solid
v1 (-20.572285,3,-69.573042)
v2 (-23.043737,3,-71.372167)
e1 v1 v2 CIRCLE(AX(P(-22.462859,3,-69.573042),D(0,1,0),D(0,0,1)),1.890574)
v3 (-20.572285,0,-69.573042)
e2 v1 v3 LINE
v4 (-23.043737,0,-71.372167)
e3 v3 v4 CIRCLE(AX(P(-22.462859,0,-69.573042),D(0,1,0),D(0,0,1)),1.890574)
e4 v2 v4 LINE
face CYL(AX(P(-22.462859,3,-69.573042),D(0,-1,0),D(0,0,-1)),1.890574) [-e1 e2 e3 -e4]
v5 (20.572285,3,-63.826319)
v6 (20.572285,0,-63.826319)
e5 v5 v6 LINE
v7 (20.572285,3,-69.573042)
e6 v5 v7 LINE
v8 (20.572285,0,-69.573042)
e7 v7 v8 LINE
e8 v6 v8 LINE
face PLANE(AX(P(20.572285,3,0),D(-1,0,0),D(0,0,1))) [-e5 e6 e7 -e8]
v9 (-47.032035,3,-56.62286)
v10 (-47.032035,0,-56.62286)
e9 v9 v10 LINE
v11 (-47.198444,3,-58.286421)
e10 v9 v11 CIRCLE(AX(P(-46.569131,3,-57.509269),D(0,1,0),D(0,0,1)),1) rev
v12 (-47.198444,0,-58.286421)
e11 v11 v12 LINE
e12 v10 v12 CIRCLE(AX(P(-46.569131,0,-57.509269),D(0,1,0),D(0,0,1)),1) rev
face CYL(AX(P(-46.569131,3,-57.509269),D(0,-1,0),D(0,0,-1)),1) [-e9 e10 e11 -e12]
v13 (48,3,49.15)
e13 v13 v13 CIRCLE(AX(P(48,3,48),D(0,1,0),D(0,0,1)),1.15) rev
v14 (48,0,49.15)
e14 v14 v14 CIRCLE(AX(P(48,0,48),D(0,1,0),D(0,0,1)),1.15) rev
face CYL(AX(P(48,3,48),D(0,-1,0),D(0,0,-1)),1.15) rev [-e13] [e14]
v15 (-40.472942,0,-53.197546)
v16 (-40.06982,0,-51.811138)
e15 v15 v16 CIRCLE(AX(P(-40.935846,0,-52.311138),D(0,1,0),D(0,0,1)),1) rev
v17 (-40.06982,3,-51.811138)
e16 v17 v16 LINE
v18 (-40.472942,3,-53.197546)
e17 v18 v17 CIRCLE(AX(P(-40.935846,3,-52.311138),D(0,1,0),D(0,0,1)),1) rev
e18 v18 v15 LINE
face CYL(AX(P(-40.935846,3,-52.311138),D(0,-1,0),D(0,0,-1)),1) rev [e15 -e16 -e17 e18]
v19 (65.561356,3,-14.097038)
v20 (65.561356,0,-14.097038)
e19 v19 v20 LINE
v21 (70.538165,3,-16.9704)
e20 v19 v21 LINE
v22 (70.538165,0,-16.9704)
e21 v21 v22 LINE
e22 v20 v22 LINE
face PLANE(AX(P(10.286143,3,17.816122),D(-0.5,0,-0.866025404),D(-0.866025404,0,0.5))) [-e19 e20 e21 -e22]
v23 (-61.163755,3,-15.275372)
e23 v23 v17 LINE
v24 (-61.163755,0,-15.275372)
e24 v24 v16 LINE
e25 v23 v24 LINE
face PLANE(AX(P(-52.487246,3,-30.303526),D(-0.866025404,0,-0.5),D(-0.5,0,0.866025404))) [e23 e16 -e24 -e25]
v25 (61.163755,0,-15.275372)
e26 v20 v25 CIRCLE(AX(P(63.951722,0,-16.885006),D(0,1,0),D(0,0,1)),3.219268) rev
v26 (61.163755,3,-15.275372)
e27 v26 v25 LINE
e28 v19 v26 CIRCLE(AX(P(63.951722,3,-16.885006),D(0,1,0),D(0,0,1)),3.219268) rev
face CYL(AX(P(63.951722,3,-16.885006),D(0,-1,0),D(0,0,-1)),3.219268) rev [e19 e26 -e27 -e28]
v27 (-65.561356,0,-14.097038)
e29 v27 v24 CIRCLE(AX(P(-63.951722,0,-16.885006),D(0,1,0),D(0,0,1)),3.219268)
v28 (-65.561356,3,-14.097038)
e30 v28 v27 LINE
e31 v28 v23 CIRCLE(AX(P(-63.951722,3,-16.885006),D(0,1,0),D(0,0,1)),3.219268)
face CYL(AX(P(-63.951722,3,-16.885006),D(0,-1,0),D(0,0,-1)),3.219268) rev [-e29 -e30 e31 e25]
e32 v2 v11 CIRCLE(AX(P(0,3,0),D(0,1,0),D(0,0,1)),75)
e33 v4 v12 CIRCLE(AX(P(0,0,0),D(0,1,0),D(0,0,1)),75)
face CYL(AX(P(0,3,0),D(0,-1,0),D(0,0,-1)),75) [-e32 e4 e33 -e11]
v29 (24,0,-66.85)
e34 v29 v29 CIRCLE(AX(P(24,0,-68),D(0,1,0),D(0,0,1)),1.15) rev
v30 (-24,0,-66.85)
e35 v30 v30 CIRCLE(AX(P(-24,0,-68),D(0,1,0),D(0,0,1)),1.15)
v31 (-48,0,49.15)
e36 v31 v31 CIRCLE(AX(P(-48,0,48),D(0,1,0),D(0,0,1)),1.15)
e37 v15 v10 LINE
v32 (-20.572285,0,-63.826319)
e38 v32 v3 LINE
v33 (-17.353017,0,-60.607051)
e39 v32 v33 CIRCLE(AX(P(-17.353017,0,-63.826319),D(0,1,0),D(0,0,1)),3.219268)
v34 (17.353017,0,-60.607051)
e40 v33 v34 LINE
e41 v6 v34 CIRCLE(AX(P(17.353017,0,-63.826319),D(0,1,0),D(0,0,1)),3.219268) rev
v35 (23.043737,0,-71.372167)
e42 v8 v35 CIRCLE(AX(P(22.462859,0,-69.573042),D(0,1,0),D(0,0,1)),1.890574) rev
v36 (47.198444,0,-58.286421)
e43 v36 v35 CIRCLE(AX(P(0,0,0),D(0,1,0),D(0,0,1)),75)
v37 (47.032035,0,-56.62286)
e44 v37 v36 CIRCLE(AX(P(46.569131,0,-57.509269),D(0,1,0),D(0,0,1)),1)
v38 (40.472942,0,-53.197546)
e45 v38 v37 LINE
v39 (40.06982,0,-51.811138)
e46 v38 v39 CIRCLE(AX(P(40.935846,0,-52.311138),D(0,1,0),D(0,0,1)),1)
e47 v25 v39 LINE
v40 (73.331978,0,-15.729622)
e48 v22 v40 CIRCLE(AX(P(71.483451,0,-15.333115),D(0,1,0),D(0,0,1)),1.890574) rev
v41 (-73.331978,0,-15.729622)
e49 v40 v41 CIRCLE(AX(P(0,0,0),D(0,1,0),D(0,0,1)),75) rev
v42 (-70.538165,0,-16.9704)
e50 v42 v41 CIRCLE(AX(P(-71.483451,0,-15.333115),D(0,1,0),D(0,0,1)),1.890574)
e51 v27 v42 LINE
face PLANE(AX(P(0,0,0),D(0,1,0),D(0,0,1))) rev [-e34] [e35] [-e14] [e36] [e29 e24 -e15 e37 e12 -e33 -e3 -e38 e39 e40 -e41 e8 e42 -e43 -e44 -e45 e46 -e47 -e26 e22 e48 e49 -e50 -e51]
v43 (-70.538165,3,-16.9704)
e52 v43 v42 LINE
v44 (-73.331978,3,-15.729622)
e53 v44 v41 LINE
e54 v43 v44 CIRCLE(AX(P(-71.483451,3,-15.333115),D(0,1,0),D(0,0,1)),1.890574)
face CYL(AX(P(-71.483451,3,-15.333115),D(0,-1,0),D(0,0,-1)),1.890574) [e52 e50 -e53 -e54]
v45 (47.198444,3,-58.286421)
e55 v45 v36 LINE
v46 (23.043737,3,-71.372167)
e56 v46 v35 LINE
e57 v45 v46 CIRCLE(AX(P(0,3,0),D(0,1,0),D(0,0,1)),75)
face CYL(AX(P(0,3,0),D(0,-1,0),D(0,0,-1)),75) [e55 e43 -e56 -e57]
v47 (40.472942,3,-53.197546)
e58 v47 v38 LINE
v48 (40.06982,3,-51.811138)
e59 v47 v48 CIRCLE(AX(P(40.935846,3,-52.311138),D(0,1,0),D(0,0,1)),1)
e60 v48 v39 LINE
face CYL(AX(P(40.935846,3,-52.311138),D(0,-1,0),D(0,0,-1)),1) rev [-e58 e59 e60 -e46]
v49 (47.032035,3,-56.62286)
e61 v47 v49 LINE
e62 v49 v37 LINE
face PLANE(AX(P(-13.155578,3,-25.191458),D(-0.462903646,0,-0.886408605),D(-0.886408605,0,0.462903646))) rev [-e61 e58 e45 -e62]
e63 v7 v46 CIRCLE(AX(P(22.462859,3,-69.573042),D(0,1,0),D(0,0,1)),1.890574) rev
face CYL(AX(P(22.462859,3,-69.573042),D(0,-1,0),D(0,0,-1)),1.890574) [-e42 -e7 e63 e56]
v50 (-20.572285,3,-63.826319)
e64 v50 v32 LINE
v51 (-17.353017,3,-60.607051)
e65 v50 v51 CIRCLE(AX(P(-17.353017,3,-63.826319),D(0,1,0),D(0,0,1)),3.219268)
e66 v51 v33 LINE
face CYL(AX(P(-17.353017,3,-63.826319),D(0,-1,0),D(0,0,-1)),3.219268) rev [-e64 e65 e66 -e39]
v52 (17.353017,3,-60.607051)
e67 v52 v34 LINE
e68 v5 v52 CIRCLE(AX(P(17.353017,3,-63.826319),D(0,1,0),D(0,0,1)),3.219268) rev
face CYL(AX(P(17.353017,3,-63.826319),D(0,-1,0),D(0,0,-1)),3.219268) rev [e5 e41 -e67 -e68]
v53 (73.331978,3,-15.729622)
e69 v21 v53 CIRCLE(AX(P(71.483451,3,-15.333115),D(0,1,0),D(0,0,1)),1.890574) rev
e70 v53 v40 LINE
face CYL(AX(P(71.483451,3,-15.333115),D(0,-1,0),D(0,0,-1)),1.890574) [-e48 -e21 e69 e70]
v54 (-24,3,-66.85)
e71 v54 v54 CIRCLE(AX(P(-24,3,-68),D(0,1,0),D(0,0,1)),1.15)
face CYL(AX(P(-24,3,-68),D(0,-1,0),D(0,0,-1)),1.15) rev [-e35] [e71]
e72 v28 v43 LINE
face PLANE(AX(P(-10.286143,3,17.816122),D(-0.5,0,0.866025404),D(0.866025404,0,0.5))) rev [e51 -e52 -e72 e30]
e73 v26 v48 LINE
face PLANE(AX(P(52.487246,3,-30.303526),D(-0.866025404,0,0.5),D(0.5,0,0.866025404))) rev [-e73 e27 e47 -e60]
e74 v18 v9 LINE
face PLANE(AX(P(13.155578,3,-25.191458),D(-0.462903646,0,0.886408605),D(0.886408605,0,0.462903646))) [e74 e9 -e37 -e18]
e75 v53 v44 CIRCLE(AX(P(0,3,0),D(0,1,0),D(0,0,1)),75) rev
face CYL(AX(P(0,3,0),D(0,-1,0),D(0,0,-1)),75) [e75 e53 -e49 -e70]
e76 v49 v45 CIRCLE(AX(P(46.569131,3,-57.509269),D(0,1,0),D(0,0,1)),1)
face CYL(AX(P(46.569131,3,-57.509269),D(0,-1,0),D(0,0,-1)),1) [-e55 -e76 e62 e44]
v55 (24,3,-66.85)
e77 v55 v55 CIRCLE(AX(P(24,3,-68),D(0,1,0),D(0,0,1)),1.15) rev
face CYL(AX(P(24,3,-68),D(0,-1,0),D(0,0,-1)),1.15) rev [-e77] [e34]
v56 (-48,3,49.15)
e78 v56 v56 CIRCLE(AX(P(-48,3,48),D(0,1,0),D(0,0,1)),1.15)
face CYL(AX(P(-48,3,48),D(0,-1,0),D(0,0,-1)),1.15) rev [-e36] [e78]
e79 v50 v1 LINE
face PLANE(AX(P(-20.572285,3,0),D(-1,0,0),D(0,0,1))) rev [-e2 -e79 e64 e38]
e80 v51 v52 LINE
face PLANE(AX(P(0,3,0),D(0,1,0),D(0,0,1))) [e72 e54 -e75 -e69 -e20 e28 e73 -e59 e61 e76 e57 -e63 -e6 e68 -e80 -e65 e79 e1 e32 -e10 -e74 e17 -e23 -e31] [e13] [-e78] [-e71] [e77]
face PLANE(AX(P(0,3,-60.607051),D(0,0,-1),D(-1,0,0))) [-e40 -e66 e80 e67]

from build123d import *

# Parameters (mm, degrees)
SKETCH1_R           = 1.15
BOSS_EXTRUDE2_DEPTH = 3


with BuildPart() as part:
    # Sketch1 → Boss-Extrude2 (new body)
    with BuildSketch(Plane(origin=(0, 0, 0), x_dir=(1, 0, 0), z_dir=(0, 1, 0))):
        with BuildLine():
            Line((17.353017405, 60.60705136), (-17.353017405, 60.60705136))
            ThreePointArc((-17.353017405, 60.60705136), (-19.629383429, 61.54995304), (-20.572285109, 63.826319064))
            Line((-20.572285109, 63.826319064), (-20.572285109, 69.573042322))
            ThreePointArc((-20.572285109, 69.573042322), (-21.350187318, 71.101515686), (-23.043737047, 71.372166724))
            ThreePointArc((-23.043737047, 71.372166724), (-25.323501925, 70.595469049), (-27.577152814, 69.745972233))
            ThreePointArc((-27.577152814, 69.745972233), (-37.5, 64.951905284), (-46.613207358, 58.755501017))
            ThreePointArc((-46.613207358, 58.755501017), (-46.906411899, 58.521692754), (-47.198443695, 58.286421342))
            ThreePointArc((-47.198443695, 58.286421342), (-47.564165172, 57.409734041), (-47.032034758, 56.622860452))
            Line((-47.032034758, 56.622860452), (-40.472942236, 53.197546407))
            ThreePointArc((-40.472942236, 53.197546407), (-39.975613978, 52.590341474), (-40.069820478, 51.811137802))
            Line((-40.069820478, 51.811137802), (-61.163754829, 15.275371775))
            ThreePointArc((-61.163754829, 15.275371775), (-63.118514649, 13.77543181), (-65.561356294, 14.097038013))
            Line((-65.561356294, 14.097038013), (-70.538164624, 16.970399642))
            ThreePointArc((-70.538164624, 16.970399642), (-72.250812491, 17.06095325), (-73.33197803, 15.729621681))
            ThreePointArc((-73.33197803, 15.729621681), (-73.799220551, 13.366938545), (-74.190360172, 10.990471215))
            ThreePointArc((-74.190360172, 10.990471215), (-75, 0), (-74.190360172, -10.990471215))
            ThreePointArc((-74.190360172, -10.990471215), (-73.794140163, -13.394957173), (-73.320012655, -15.785301525))
            ThreePointArc((-73.320012655, -15.785301525), (-64.937662855, -37.524657799), (-50.288240982, -55.642545043))
            ThreePointArc((-50.288240982, -55.642545043), (-48.475718626, -57.228530504), (-46.613207358, -58.755501017))
            ThreePointArc((-46.613207358, -58.755501017), (-37.5, -64.951905284), (-27.577152814, -69.745972233))
            ThreePointArc((-27.577152814, -69.745972233), (-25.296696887, -70.605078618), (-22.989534201, -71.389644328))
            ThreePointArc((-22.989534201, -71.389644328), (0.028475495, -74.999994594), (23.043737047, -71.372166724))
            ThreePointArc((23.043737047, -71.372166724), (25.323501925, -70.595469049), (27.577152814, -69.745972233))
            ThreePointArc((27.577152814, -69.745972233), (37.5, -64.951905284), (46.613207358, -58.755501017))
            ThreePointArc((46.613207358, -58.755501017), (48.497443275, -57.210121445), (50.330478454, -55.604342803))
            ThreePointArc((50.330478454, -55.604342803), (64.96613835, -37.475336795), (73.33197803, -15.729621681))
            ThreePointArc((73.33197803, -15.729621681), (73.799220551, -13.366938545), (74.190360172, -10.990471215))
            ThreePointArc((74.190360172, -10.990471215), (75, 0), (74.190360172, 10.990471215))
            ThreePointArc((74.190360172, 10.990471215), (73.799220551, 13.366938545), (73.33197803, 15.729621681))
            ThreePointArc((73.33197803, 15.729621681), (72.250812491, 17.06095325), (70.538164624, 16.970399642))
            Line((70.538164624, 16.970399642), (65.561356294, 14.097038013))
            ThreePointArc((65.561356294, 14.097038013), (63.118514649, 13.77543181), (61.163754829, 15.275371775))
            Line((61.163754829, 15.275371775), (43.810737424, 45.331679586))
            Line((43.810737424, 45.331679586), (40.069820478, 51.811137802))
            ThreePointArc((40.069820478, 51.811137802), (39.975613978, 52.590341474), (40.472942236, 53.197546407))
            Line((40.472942236, 53.197546407), (47.032034758, 56.622860452))
            ThreePointArc((47.032034758, 56.622860452), (47.564165172, 57.409734041), (47.198443695, 58.286421342))
            ThreePointArc((47.198443695, 58.286421342), (46.906411899, 58.521692754), (46.613207358, 58.755501017))
            ThreePointArc((46.613207358, 58.755501017), (37.5, 64.951905284), (27.577152814, 69.745972233))
            ThreePointArc((27.577152814, 69.745972233), (25.323501925, 70.595469049), (23.043737047, 71.372166724))
            ThreePointArc((23.043737047, 71.372166724), (21.350187318, 71.101515686), (20.572285109, 69.573042322))
            Line((20.572285109, 69.573042322), (20.572285109, 63.826319064))
            ThreePointArc((20.572285109, 63.826319064), (19.629383429, 61.54995304), (17.353017405, 60.60705136))
        make_face()
        with Locations(Location((-48, -48, 0), (0, 0, 270))):
            Circle(SKETCH1_R, mode=Mode.SUBTRACT)
        with Locations(Location((48, -48, 0), (0, 0, 270))):
            Circle(SKETCH1_R, mode=Mode.SUBTRACT)
        with Locations(Location((-24, 68, 0), (0, 0, 270))):
            Circle(SKETCH1_R, mode=Mode.SUBTRACT)
        with Locations(Location((24, 68, 0), (0, 0, 270))):
            Circle(SKETCH1_R, mode=Mode.SUBTRACT)
    extrude(amount=BOSS_EXTRUDE2_DEPTH)


solid = part.part
